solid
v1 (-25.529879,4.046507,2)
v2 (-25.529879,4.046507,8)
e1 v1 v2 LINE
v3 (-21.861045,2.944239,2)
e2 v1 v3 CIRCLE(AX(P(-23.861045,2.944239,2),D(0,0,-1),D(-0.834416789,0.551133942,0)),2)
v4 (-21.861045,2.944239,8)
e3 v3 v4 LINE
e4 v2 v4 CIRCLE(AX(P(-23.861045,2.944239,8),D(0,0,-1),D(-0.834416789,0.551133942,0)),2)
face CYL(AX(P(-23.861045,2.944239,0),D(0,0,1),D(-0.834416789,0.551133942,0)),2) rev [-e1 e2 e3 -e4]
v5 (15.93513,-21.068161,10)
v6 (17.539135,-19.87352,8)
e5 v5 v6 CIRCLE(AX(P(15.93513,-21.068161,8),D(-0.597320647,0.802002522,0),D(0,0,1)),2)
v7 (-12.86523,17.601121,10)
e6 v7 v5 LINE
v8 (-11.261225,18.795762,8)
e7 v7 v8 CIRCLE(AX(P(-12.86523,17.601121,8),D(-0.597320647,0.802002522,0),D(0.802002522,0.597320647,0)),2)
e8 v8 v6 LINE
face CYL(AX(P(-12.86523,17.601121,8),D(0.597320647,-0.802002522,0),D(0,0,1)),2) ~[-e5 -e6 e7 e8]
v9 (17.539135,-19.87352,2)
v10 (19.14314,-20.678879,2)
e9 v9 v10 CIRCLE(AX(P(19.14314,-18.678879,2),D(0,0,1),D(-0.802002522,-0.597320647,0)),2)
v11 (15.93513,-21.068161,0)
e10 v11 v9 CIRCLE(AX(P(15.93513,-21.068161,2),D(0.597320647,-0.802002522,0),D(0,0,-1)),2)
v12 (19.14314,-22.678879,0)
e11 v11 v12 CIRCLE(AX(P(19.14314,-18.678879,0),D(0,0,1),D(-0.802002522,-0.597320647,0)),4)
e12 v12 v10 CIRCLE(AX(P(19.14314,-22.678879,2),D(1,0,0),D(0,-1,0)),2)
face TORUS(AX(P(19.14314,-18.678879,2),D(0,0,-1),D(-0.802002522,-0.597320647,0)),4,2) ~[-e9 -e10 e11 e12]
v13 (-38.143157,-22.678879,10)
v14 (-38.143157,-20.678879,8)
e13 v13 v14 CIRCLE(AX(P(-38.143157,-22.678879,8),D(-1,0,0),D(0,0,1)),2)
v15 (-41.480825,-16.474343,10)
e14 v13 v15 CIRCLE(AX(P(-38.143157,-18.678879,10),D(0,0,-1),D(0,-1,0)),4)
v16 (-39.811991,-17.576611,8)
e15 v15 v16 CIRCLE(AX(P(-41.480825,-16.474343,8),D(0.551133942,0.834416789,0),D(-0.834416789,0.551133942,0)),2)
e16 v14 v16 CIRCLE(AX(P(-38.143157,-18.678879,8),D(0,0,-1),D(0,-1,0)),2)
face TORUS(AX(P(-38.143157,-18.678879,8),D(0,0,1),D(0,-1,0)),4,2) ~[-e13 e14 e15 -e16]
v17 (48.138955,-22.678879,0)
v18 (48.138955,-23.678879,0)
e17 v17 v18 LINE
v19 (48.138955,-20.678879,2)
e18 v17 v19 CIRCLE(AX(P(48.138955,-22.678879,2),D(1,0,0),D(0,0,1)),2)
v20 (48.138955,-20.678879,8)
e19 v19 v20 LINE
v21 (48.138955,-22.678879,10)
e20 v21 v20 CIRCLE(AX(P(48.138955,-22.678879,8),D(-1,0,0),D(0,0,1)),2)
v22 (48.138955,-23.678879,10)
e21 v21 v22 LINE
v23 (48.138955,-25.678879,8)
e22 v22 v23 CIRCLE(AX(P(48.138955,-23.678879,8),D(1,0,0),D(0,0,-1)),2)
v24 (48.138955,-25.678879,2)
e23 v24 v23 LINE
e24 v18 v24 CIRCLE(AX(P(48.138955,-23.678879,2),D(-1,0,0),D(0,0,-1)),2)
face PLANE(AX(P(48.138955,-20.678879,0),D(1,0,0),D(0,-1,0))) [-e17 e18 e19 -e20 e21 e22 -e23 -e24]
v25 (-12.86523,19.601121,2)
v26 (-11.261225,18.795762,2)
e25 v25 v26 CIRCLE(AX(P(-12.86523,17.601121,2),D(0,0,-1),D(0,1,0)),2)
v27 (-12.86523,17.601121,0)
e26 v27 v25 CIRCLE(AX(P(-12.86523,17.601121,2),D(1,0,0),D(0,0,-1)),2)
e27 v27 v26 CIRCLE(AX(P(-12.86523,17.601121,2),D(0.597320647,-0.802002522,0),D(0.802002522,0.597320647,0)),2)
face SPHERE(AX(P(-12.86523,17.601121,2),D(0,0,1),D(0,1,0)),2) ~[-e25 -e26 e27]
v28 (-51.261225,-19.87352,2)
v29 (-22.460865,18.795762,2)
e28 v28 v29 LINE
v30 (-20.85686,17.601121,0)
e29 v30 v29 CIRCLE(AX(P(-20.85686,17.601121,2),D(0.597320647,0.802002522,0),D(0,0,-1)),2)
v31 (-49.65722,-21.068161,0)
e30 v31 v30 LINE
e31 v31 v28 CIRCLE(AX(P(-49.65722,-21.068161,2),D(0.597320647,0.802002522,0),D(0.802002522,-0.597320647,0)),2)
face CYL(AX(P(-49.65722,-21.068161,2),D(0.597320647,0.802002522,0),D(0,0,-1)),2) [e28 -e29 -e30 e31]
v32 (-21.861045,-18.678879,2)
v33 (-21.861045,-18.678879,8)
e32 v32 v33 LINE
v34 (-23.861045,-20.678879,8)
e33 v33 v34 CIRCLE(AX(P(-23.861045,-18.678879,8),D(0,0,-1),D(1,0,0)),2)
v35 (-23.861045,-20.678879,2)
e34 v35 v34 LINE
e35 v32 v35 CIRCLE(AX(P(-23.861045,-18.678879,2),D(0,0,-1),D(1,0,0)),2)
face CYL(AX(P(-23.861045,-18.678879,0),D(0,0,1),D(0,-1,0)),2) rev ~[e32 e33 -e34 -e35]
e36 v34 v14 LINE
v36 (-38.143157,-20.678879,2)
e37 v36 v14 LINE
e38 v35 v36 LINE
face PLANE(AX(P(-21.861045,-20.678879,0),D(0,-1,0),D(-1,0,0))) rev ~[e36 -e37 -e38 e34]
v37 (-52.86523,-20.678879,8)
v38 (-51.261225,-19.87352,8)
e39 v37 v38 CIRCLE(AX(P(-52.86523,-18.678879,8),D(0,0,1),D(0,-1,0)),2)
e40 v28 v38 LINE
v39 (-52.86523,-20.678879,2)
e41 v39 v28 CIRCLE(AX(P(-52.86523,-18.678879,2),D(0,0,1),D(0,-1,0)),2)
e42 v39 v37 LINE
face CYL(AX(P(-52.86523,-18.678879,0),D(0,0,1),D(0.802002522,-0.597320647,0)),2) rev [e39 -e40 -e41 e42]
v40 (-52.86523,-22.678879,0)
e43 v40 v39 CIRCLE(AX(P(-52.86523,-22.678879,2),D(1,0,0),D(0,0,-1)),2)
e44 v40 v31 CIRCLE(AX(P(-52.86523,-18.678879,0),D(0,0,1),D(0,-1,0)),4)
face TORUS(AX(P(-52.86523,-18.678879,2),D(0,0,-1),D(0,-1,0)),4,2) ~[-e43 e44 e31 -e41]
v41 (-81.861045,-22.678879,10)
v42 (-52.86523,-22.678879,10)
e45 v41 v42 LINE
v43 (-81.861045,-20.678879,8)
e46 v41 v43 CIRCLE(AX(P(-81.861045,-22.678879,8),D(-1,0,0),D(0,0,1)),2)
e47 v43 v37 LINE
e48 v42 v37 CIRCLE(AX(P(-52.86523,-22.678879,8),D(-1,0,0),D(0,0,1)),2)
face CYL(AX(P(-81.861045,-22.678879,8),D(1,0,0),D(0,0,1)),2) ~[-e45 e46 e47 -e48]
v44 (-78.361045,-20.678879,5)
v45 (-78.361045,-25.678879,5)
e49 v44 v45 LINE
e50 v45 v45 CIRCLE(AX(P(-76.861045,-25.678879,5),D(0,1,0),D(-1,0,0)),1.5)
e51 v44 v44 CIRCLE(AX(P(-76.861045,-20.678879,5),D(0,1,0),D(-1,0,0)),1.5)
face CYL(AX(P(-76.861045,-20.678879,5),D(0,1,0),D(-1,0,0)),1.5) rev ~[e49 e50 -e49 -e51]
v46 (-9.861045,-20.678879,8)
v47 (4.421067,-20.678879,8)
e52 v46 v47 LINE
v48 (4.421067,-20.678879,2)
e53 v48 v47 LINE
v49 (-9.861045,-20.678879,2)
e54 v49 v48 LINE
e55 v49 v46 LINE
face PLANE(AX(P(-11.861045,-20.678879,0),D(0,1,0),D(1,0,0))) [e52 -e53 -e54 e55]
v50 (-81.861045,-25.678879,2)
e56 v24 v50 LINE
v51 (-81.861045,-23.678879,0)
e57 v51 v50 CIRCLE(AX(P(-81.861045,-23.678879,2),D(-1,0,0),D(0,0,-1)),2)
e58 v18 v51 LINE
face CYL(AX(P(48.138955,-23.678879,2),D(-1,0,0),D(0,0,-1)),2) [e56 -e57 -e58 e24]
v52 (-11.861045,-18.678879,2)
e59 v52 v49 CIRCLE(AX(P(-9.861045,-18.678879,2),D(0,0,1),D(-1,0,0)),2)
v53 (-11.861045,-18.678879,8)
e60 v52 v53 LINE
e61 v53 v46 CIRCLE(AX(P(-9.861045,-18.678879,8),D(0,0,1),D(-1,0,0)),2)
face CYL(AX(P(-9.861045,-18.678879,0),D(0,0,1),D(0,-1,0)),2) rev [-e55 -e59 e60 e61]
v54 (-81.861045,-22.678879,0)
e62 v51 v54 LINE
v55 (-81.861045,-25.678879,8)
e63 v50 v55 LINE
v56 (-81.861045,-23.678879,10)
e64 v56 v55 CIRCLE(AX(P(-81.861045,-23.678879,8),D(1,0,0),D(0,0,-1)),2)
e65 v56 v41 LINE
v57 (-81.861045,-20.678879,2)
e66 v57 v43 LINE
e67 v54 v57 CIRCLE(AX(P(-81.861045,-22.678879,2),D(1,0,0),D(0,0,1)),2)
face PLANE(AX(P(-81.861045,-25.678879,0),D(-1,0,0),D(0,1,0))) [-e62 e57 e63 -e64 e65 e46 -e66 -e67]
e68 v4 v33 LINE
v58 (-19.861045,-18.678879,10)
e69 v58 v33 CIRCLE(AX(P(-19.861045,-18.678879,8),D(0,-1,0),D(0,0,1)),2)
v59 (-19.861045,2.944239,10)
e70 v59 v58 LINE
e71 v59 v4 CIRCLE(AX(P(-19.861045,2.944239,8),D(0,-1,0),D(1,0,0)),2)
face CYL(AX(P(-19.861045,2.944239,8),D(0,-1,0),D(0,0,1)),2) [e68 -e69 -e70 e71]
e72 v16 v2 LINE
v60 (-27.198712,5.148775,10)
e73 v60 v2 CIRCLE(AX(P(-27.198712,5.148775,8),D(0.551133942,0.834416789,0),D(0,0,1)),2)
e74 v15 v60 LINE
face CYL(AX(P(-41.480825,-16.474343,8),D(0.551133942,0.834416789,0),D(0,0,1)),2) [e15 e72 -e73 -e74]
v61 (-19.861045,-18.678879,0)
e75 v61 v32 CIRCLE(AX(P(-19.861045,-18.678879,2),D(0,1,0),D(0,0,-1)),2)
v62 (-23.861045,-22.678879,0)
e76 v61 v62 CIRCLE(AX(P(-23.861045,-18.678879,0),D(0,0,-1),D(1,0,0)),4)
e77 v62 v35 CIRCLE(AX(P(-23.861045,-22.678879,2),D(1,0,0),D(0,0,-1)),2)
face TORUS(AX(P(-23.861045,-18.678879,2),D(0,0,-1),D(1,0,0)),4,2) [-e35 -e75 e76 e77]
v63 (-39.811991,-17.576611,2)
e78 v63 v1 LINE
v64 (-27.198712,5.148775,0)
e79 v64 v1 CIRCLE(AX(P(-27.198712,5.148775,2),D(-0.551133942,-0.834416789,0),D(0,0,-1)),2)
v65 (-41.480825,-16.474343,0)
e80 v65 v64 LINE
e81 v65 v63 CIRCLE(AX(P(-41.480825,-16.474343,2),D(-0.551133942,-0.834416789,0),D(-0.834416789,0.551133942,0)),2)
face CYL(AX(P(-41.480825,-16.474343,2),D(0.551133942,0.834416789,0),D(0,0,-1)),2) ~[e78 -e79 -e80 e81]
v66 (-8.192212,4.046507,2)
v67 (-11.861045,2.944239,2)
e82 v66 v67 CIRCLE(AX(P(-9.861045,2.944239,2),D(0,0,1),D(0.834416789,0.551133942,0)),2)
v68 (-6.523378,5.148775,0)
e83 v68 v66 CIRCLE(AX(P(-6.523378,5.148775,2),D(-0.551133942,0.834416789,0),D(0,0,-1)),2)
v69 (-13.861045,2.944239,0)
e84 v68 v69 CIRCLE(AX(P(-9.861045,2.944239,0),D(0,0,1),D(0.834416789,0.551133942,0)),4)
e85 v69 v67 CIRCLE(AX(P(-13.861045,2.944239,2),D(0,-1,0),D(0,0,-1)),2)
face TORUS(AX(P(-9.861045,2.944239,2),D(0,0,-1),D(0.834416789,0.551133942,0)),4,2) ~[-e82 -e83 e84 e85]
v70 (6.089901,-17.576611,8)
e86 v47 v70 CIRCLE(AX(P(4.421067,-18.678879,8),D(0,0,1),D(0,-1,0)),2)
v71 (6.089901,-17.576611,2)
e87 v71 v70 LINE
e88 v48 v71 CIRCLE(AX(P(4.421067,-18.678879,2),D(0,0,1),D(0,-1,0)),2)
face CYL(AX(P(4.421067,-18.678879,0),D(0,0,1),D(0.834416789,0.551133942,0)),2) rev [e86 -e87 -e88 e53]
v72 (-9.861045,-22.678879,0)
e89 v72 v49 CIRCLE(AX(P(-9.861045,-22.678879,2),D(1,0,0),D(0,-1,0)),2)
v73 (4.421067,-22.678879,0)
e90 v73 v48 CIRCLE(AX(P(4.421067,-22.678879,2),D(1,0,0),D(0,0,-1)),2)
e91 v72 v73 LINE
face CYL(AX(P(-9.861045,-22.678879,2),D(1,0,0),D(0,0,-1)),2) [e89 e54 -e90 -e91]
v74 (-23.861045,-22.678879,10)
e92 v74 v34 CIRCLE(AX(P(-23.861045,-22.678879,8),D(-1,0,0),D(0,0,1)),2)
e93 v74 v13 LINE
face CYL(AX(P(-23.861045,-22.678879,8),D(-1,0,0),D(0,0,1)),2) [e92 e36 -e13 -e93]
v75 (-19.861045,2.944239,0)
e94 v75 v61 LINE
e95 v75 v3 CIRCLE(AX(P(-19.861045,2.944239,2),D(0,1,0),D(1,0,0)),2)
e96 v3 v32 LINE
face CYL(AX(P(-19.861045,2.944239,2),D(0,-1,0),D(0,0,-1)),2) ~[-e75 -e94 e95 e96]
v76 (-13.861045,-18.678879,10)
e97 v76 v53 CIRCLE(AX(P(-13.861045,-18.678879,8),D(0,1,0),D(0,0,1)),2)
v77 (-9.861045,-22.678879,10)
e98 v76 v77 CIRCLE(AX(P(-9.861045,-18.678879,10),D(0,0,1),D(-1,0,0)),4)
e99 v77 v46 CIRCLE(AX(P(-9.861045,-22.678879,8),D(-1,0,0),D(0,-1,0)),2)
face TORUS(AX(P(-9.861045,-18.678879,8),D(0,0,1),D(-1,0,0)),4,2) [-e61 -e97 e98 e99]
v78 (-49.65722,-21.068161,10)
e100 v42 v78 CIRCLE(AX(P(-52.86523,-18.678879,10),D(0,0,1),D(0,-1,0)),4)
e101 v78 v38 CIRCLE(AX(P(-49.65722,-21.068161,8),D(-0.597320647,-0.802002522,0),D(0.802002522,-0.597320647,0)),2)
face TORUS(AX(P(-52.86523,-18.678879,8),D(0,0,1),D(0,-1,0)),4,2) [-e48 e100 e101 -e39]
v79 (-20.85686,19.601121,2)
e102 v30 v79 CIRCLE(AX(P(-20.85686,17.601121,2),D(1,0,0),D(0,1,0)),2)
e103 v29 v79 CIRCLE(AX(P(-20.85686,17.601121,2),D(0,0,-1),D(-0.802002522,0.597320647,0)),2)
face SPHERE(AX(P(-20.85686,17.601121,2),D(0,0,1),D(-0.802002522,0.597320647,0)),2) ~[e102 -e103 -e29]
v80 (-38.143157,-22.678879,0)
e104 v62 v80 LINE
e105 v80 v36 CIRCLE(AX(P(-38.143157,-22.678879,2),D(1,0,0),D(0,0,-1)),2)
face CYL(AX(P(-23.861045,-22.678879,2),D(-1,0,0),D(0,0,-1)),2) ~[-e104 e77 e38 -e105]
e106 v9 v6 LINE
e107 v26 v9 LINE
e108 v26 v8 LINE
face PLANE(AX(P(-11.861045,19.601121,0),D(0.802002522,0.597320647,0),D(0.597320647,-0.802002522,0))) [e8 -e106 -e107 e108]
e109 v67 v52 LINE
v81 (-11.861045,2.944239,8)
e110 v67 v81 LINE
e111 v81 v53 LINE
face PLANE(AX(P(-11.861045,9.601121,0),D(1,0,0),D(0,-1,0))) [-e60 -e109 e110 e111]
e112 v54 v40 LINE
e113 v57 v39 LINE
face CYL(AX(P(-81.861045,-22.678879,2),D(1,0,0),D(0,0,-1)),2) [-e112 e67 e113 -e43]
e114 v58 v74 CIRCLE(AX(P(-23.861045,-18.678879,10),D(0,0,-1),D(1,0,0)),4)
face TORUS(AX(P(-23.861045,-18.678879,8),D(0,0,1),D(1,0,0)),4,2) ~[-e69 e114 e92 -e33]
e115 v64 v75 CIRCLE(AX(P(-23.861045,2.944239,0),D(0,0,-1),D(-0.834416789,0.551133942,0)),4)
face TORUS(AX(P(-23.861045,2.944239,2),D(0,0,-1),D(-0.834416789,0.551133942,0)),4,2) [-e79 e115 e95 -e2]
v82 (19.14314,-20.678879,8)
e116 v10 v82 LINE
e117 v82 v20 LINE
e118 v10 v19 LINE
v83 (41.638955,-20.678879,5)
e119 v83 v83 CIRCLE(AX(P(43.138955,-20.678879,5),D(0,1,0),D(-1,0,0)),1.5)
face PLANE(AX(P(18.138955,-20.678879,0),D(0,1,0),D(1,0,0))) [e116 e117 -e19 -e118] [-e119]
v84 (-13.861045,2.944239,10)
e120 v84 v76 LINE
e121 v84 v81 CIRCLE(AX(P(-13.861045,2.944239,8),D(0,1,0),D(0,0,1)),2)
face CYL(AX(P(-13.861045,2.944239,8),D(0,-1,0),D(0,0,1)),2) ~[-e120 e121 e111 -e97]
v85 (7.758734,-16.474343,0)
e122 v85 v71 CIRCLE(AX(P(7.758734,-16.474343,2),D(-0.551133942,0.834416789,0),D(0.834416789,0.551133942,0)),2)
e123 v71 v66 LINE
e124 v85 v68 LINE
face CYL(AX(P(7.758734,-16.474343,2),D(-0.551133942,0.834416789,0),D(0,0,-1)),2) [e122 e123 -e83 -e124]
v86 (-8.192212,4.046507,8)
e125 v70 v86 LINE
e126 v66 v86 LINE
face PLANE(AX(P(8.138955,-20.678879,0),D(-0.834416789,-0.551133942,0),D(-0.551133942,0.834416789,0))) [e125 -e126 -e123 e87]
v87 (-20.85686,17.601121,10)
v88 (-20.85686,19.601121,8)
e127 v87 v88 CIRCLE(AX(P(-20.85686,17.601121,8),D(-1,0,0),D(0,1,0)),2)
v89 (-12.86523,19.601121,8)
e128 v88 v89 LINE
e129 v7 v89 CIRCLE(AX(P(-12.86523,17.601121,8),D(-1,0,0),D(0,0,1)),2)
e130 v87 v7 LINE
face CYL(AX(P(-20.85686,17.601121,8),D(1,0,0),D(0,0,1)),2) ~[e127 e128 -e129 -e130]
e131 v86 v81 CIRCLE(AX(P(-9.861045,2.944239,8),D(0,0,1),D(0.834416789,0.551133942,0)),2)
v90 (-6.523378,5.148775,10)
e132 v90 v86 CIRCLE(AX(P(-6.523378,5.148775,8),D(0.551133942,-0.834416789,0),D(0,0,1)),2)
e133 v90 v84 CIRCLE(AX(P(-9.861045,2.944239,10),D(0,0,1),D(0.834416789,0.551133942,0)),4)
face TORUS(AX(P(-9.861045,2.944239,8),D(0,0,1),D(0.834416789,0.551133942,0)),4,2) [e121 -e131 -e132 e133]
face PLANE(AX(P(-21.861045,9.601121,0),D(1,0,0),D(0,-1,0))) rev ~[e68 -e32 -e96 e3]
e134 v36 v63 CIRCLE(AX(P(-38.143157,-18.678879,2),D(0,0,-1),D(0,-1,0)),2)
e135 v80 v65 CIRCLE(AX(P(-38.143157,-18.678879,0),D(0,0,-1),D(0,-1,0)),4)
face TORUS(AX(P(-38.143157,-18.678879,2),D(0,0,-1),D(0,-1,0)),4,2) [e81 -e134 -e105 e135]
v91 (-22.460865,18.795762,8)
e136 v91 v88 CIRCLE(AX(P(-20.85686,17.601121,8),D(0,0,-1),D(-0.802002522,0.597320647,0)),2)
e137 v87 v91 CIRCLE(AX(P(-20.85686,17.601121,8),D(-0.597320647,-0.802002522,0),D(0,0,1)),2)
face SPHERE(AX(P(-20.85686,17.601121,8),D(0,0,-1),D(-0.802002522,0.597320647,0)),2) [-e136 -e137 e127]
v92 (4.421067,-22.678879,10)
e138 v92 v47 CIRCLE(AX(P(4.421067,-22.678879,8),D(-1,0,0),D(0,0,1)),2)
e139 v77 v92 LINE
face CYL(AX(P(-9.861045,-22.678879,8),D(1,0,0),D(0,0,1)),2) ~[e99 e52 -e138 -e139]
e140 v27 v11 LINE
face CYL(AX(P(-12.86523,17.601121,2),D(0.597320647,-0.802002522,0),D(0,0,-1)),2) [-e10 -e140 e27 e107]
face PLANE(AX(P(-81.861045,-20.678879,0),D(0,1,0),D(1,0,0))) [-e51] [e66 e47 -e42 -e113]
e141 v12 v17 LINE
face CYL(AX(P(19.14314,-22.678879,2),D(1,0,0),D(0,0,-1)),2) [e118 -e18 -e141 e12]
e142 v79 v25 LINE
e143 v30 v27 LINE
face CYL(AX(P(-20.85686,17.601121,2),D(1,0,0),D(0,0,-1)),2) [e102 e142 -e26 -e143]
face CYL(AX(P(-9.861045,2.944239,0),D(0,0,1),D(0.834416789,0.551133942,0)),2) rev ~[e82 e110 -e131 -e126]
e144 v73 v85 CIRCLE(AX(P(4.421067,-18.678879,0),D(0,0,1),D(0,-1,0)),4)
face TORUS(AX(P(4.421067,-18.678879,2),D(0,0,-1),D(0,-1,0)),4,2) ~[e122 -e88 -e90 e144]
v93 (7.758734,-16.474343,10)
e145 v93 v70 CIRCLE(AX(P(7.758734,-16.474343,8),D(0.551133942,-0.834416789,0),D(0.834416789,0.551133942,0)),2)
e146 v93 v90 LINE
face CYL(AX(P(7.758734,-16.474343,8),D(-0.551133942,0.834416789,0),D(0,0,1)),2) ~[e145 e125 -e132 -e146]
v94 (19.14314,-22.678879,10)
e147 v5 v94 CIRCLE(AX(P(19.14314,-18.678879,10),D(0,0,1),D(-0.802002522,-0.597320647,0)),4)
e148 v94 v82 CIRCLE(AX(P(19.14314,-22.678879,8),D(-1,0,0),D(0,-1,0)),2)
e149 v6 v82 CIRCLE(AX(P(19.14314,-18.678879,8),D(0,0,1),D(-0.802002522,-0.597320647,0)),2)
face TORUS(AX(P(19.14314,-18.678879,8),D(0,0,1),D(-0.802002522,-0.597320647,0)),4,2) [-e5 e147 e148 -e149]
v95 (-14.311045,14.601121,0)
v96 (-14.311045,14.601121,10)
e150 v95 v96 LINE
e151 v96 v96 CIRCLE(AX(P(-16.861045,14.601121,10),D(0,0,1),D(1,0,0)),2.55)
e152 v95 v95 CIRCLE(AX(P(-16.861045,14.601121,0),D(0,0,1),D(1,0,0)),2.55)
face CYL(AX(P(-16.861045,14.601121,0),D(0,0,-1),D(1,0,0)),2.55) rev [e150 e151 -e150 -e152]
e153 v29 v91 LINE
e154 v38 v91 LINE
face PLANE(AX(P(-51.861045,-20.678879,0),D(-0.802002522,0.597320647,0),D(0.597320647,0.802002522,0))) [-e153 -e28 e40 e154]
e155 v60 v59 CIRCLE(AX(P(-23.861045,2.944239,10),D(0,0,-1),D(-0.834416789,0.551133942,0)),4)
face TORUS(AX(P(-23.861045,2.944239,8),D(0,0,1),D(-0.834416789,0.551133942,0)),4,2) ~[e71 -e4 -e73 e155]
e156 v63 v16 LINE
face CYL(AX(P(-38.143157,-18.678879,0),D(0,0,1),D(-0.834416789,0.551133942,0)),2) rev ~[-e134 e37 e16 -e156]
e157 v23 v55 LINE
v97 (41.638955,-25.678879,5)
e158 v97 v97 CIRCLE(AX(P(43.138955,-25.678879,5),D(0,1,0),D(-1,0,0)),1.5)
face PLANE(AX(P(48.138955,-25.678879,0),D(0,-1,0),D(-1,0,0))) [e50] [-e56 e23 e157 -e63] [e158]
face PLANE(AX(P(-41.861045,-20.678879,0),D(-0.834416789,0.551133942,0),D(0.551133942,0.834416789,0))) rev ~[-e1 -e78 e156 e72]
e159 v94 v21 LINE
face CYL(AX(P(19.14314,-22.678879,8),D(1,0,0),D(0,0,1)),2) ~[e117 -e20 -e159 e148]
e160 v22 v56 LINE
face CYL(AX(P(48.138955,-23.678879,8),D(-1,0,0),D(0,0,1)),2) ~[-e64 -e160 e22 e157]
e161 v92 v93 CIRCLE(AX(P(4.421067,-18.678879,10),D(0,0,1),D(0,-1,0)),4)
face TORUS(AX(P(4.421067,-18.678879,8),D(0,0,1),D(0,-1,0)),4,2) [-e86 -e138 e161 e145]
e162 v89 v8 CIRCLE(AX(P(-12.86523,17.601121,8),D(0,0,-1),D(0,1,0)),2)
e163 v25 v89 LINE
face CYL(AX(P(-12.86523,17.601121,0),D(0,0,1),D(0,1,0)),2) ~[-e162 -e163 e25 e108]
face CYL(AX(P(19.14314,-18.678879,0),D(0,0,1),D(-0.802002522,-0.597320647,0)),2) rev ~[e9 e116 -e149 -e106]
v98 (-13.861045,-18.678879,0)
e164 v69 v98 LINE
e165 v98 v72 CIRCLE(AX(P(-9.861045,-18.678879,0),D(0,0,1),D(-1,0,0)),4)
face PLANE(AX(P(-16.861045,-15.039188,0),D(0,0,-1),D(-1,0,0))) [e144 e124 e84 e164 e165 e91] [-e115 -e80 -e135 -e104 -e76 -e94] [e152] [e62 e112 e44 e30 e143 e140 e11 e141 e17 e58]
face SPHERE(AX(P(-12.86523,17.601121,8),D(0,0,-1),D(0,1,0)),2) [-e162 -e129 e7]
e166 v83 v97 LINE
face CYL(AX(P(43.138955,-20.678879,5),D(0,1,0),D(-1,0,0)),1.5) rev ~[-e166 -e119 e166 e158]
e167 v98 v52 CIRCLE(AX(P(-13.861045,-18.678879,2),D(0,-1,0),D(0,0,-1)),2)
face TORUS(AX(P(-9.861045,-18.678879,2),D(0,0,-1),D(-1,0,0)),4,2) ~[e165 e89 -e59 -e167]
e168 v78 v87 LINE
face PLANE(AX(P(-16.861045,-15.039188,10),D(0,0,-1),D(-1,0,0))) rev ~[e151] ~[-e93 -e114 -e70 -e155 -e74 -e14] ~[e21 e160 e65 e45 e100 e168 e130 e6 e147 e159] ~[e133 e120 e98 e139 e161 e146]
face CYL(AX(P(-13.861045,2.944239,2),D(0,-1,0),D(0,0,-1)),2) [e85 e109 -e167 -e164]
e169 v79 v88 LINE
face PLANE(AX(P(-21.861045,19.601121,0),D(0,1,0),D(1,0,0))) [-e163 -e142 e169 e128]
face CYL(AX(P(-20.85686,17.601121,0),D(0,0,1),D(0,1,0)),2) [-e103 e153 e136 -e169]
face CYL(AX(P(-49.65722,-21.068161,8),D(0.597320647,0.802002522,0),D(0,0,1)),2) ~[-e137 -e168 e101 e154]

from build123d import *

# Parameters (mm, degrees)
SKETCH1_R           = 2.55
BOSS_EXTRUDE1_DEPTH = 10
SKETCH2_R           = 1.5
CUT_EXTRUDE1_DEPTH  = 5
FILLET1_R           = 2
FILLET2_R           = 2


with BuildPart() as part:
    # Sketch1 → Boss-Extrude1 (new body)
    with BuildSketch(Plane.XY):
        Polygon((-21.861045086, 19.601121192), (-11.861045086, 19.601121192), (18.138954914, -20.678878808), (48.138954914, -20.678878808), (48.138954914, -25.678878808), (-81.861045086, -25.678878808), (-81.861045086, -20.678878808), (-51.861045086, -20.678878808), align=None)
        with Locations((-16.861045086, 14.601121192)):
            Circle(SKETCH1_R, mode=Mode.SUBTRACT)
        Polygon((-41.861045086, -20.678878808), (-21.861045086, 9.601121192), (-21.861045086, -20.678878808), align=None, mode=Mode.SUBTRACT)
        Polygon((-11.861045086, 9.601121192), (-11.861045086, -20.678878808), (8.138954914, -20.678878808), align=None, mode=Mode.SUBTRACT)
    extrude(amount=BOSS_EXTRUDE1_DEPTH)

    # Sketch2 → Cut-Extrude1 (cut)
    with BuildSketch(Plane(origin=(0, -20.678878808, 0), x_dir=(1, 0, 0), z_dir=(0, 1, 0))):
        with Locations(Location((43.138954914, -5, 0), (0, 0, 180))):
            Circle(SKETCH2_R)
        with Locations(Location((-76.861045086, -5, 0), (0, 0, 180))):
            Circle(SKETCH2_R)
    extrude(amount=-CUT_EXTRUDE1_DEPTH, mode=Mode.SUBTRACT)

    # Fillet1
    fillet1_edges = [part.edges().sort_by_distance(p)[0] for p in [
        (-21.861045086, 19.601121192, 5),
        (-11.861045086, 19.601121192, 5),
        (18.138954914, -20.678878808, 5),
        (-51.861045086, -20.678878808, 5),
        (-41.861045086, -20.678878808, 5),
        (-21.861045086, -20.678878808, 5),
        (-21.861045086, 9.601121192, 5),
        (8.138954914, -20.678878808, 5),
        (-11.861045086, 9.601121192, 5),
        (-11.861045086, -20.678878808, 5),
    ]]
    fillet(fillet1_edges, radius=FILLET1_R)

    # Fillet2
    fillet2_edges = [part.edges().sort_by_distance(p)[0] for p in [
        (-16.861045086, -25.678878808, 10),
        (33.641047291, -20.678878808, 10),
        (-31.002101255, -20.678878808, 0),
        (-31.002101255, -20.678878808, 10),
        (-21.861045086, -7.867319769, 0),
        (-21.861045086, -7.867319769, 10),
        (-32.670934833, -6.765051884, 0),
        (-32.670934833, -6.765051884, 10),
        (-11.861045086, -7.867319769, 0),
        (-11.861045086, -7.867319769, 10),
        (-2.719988918, -20.678878808, 0),
        (-2.719988918, -20.678878808, 10),
        (-1.05115534, -6.765051884, 0),
        (-1.05115534, -6.765051884, 10),
        (-67.363137464, -20.678878808, 0),
        (-67.363137464, -20.678878808, 10),
        (-36.861045086, -0.538878808, 0),
        (-36.861045086, -0.538878808, 10),
        (3.138954914, -0.538878808, 0),
        (3.138954914, -0.538878808, 10),
        (-16.861045086, 19.601121192, 0),
        (-11.967812043, 19.388477142, 0),
        (-21.75427813, 19.388477142, 0),
        (-16.861045086, 19.601121192, 10),
        (-11.967812043, 19.388477142, 10),
        (-21.75427813, 19.388477142, 10),
        (-22.446831524, -20.093092371, 0),
        (-22.446831524, -20.093092371, 10),
        (-23.285574477, 4.859659218, 0),
        (33.641047291, -20.678878808, 0),
        (-23.285574477, 4.859659218, 10),
        (-39.904483028, -19.626366072, 0),
        (-39.904483028, -19.626366072, 10),
        (-11.275258649, -20.093092371, 0),
        (-11.275258649, -20.093092371, 10),
        (-10.436515696, 4.859659218, 0),
        (-10.436515696, 4.859659218, 10),
        (6.182392855, -19.626366072, 0),
        (6.182392855, -19.626366072, 10),
        (-51.967812043, -20.466234759, 0),
        (-51.967812043, -20.466234759, 10),
        (18.24572187, -20.466234759, 0),
        (18.24572187, -20.466234759, 10),
        (-16.861045086, -25.678878808, 0),
    ]]
    fillet(fillet2_edges, radius=FILLET2_R)


solid = part.part
